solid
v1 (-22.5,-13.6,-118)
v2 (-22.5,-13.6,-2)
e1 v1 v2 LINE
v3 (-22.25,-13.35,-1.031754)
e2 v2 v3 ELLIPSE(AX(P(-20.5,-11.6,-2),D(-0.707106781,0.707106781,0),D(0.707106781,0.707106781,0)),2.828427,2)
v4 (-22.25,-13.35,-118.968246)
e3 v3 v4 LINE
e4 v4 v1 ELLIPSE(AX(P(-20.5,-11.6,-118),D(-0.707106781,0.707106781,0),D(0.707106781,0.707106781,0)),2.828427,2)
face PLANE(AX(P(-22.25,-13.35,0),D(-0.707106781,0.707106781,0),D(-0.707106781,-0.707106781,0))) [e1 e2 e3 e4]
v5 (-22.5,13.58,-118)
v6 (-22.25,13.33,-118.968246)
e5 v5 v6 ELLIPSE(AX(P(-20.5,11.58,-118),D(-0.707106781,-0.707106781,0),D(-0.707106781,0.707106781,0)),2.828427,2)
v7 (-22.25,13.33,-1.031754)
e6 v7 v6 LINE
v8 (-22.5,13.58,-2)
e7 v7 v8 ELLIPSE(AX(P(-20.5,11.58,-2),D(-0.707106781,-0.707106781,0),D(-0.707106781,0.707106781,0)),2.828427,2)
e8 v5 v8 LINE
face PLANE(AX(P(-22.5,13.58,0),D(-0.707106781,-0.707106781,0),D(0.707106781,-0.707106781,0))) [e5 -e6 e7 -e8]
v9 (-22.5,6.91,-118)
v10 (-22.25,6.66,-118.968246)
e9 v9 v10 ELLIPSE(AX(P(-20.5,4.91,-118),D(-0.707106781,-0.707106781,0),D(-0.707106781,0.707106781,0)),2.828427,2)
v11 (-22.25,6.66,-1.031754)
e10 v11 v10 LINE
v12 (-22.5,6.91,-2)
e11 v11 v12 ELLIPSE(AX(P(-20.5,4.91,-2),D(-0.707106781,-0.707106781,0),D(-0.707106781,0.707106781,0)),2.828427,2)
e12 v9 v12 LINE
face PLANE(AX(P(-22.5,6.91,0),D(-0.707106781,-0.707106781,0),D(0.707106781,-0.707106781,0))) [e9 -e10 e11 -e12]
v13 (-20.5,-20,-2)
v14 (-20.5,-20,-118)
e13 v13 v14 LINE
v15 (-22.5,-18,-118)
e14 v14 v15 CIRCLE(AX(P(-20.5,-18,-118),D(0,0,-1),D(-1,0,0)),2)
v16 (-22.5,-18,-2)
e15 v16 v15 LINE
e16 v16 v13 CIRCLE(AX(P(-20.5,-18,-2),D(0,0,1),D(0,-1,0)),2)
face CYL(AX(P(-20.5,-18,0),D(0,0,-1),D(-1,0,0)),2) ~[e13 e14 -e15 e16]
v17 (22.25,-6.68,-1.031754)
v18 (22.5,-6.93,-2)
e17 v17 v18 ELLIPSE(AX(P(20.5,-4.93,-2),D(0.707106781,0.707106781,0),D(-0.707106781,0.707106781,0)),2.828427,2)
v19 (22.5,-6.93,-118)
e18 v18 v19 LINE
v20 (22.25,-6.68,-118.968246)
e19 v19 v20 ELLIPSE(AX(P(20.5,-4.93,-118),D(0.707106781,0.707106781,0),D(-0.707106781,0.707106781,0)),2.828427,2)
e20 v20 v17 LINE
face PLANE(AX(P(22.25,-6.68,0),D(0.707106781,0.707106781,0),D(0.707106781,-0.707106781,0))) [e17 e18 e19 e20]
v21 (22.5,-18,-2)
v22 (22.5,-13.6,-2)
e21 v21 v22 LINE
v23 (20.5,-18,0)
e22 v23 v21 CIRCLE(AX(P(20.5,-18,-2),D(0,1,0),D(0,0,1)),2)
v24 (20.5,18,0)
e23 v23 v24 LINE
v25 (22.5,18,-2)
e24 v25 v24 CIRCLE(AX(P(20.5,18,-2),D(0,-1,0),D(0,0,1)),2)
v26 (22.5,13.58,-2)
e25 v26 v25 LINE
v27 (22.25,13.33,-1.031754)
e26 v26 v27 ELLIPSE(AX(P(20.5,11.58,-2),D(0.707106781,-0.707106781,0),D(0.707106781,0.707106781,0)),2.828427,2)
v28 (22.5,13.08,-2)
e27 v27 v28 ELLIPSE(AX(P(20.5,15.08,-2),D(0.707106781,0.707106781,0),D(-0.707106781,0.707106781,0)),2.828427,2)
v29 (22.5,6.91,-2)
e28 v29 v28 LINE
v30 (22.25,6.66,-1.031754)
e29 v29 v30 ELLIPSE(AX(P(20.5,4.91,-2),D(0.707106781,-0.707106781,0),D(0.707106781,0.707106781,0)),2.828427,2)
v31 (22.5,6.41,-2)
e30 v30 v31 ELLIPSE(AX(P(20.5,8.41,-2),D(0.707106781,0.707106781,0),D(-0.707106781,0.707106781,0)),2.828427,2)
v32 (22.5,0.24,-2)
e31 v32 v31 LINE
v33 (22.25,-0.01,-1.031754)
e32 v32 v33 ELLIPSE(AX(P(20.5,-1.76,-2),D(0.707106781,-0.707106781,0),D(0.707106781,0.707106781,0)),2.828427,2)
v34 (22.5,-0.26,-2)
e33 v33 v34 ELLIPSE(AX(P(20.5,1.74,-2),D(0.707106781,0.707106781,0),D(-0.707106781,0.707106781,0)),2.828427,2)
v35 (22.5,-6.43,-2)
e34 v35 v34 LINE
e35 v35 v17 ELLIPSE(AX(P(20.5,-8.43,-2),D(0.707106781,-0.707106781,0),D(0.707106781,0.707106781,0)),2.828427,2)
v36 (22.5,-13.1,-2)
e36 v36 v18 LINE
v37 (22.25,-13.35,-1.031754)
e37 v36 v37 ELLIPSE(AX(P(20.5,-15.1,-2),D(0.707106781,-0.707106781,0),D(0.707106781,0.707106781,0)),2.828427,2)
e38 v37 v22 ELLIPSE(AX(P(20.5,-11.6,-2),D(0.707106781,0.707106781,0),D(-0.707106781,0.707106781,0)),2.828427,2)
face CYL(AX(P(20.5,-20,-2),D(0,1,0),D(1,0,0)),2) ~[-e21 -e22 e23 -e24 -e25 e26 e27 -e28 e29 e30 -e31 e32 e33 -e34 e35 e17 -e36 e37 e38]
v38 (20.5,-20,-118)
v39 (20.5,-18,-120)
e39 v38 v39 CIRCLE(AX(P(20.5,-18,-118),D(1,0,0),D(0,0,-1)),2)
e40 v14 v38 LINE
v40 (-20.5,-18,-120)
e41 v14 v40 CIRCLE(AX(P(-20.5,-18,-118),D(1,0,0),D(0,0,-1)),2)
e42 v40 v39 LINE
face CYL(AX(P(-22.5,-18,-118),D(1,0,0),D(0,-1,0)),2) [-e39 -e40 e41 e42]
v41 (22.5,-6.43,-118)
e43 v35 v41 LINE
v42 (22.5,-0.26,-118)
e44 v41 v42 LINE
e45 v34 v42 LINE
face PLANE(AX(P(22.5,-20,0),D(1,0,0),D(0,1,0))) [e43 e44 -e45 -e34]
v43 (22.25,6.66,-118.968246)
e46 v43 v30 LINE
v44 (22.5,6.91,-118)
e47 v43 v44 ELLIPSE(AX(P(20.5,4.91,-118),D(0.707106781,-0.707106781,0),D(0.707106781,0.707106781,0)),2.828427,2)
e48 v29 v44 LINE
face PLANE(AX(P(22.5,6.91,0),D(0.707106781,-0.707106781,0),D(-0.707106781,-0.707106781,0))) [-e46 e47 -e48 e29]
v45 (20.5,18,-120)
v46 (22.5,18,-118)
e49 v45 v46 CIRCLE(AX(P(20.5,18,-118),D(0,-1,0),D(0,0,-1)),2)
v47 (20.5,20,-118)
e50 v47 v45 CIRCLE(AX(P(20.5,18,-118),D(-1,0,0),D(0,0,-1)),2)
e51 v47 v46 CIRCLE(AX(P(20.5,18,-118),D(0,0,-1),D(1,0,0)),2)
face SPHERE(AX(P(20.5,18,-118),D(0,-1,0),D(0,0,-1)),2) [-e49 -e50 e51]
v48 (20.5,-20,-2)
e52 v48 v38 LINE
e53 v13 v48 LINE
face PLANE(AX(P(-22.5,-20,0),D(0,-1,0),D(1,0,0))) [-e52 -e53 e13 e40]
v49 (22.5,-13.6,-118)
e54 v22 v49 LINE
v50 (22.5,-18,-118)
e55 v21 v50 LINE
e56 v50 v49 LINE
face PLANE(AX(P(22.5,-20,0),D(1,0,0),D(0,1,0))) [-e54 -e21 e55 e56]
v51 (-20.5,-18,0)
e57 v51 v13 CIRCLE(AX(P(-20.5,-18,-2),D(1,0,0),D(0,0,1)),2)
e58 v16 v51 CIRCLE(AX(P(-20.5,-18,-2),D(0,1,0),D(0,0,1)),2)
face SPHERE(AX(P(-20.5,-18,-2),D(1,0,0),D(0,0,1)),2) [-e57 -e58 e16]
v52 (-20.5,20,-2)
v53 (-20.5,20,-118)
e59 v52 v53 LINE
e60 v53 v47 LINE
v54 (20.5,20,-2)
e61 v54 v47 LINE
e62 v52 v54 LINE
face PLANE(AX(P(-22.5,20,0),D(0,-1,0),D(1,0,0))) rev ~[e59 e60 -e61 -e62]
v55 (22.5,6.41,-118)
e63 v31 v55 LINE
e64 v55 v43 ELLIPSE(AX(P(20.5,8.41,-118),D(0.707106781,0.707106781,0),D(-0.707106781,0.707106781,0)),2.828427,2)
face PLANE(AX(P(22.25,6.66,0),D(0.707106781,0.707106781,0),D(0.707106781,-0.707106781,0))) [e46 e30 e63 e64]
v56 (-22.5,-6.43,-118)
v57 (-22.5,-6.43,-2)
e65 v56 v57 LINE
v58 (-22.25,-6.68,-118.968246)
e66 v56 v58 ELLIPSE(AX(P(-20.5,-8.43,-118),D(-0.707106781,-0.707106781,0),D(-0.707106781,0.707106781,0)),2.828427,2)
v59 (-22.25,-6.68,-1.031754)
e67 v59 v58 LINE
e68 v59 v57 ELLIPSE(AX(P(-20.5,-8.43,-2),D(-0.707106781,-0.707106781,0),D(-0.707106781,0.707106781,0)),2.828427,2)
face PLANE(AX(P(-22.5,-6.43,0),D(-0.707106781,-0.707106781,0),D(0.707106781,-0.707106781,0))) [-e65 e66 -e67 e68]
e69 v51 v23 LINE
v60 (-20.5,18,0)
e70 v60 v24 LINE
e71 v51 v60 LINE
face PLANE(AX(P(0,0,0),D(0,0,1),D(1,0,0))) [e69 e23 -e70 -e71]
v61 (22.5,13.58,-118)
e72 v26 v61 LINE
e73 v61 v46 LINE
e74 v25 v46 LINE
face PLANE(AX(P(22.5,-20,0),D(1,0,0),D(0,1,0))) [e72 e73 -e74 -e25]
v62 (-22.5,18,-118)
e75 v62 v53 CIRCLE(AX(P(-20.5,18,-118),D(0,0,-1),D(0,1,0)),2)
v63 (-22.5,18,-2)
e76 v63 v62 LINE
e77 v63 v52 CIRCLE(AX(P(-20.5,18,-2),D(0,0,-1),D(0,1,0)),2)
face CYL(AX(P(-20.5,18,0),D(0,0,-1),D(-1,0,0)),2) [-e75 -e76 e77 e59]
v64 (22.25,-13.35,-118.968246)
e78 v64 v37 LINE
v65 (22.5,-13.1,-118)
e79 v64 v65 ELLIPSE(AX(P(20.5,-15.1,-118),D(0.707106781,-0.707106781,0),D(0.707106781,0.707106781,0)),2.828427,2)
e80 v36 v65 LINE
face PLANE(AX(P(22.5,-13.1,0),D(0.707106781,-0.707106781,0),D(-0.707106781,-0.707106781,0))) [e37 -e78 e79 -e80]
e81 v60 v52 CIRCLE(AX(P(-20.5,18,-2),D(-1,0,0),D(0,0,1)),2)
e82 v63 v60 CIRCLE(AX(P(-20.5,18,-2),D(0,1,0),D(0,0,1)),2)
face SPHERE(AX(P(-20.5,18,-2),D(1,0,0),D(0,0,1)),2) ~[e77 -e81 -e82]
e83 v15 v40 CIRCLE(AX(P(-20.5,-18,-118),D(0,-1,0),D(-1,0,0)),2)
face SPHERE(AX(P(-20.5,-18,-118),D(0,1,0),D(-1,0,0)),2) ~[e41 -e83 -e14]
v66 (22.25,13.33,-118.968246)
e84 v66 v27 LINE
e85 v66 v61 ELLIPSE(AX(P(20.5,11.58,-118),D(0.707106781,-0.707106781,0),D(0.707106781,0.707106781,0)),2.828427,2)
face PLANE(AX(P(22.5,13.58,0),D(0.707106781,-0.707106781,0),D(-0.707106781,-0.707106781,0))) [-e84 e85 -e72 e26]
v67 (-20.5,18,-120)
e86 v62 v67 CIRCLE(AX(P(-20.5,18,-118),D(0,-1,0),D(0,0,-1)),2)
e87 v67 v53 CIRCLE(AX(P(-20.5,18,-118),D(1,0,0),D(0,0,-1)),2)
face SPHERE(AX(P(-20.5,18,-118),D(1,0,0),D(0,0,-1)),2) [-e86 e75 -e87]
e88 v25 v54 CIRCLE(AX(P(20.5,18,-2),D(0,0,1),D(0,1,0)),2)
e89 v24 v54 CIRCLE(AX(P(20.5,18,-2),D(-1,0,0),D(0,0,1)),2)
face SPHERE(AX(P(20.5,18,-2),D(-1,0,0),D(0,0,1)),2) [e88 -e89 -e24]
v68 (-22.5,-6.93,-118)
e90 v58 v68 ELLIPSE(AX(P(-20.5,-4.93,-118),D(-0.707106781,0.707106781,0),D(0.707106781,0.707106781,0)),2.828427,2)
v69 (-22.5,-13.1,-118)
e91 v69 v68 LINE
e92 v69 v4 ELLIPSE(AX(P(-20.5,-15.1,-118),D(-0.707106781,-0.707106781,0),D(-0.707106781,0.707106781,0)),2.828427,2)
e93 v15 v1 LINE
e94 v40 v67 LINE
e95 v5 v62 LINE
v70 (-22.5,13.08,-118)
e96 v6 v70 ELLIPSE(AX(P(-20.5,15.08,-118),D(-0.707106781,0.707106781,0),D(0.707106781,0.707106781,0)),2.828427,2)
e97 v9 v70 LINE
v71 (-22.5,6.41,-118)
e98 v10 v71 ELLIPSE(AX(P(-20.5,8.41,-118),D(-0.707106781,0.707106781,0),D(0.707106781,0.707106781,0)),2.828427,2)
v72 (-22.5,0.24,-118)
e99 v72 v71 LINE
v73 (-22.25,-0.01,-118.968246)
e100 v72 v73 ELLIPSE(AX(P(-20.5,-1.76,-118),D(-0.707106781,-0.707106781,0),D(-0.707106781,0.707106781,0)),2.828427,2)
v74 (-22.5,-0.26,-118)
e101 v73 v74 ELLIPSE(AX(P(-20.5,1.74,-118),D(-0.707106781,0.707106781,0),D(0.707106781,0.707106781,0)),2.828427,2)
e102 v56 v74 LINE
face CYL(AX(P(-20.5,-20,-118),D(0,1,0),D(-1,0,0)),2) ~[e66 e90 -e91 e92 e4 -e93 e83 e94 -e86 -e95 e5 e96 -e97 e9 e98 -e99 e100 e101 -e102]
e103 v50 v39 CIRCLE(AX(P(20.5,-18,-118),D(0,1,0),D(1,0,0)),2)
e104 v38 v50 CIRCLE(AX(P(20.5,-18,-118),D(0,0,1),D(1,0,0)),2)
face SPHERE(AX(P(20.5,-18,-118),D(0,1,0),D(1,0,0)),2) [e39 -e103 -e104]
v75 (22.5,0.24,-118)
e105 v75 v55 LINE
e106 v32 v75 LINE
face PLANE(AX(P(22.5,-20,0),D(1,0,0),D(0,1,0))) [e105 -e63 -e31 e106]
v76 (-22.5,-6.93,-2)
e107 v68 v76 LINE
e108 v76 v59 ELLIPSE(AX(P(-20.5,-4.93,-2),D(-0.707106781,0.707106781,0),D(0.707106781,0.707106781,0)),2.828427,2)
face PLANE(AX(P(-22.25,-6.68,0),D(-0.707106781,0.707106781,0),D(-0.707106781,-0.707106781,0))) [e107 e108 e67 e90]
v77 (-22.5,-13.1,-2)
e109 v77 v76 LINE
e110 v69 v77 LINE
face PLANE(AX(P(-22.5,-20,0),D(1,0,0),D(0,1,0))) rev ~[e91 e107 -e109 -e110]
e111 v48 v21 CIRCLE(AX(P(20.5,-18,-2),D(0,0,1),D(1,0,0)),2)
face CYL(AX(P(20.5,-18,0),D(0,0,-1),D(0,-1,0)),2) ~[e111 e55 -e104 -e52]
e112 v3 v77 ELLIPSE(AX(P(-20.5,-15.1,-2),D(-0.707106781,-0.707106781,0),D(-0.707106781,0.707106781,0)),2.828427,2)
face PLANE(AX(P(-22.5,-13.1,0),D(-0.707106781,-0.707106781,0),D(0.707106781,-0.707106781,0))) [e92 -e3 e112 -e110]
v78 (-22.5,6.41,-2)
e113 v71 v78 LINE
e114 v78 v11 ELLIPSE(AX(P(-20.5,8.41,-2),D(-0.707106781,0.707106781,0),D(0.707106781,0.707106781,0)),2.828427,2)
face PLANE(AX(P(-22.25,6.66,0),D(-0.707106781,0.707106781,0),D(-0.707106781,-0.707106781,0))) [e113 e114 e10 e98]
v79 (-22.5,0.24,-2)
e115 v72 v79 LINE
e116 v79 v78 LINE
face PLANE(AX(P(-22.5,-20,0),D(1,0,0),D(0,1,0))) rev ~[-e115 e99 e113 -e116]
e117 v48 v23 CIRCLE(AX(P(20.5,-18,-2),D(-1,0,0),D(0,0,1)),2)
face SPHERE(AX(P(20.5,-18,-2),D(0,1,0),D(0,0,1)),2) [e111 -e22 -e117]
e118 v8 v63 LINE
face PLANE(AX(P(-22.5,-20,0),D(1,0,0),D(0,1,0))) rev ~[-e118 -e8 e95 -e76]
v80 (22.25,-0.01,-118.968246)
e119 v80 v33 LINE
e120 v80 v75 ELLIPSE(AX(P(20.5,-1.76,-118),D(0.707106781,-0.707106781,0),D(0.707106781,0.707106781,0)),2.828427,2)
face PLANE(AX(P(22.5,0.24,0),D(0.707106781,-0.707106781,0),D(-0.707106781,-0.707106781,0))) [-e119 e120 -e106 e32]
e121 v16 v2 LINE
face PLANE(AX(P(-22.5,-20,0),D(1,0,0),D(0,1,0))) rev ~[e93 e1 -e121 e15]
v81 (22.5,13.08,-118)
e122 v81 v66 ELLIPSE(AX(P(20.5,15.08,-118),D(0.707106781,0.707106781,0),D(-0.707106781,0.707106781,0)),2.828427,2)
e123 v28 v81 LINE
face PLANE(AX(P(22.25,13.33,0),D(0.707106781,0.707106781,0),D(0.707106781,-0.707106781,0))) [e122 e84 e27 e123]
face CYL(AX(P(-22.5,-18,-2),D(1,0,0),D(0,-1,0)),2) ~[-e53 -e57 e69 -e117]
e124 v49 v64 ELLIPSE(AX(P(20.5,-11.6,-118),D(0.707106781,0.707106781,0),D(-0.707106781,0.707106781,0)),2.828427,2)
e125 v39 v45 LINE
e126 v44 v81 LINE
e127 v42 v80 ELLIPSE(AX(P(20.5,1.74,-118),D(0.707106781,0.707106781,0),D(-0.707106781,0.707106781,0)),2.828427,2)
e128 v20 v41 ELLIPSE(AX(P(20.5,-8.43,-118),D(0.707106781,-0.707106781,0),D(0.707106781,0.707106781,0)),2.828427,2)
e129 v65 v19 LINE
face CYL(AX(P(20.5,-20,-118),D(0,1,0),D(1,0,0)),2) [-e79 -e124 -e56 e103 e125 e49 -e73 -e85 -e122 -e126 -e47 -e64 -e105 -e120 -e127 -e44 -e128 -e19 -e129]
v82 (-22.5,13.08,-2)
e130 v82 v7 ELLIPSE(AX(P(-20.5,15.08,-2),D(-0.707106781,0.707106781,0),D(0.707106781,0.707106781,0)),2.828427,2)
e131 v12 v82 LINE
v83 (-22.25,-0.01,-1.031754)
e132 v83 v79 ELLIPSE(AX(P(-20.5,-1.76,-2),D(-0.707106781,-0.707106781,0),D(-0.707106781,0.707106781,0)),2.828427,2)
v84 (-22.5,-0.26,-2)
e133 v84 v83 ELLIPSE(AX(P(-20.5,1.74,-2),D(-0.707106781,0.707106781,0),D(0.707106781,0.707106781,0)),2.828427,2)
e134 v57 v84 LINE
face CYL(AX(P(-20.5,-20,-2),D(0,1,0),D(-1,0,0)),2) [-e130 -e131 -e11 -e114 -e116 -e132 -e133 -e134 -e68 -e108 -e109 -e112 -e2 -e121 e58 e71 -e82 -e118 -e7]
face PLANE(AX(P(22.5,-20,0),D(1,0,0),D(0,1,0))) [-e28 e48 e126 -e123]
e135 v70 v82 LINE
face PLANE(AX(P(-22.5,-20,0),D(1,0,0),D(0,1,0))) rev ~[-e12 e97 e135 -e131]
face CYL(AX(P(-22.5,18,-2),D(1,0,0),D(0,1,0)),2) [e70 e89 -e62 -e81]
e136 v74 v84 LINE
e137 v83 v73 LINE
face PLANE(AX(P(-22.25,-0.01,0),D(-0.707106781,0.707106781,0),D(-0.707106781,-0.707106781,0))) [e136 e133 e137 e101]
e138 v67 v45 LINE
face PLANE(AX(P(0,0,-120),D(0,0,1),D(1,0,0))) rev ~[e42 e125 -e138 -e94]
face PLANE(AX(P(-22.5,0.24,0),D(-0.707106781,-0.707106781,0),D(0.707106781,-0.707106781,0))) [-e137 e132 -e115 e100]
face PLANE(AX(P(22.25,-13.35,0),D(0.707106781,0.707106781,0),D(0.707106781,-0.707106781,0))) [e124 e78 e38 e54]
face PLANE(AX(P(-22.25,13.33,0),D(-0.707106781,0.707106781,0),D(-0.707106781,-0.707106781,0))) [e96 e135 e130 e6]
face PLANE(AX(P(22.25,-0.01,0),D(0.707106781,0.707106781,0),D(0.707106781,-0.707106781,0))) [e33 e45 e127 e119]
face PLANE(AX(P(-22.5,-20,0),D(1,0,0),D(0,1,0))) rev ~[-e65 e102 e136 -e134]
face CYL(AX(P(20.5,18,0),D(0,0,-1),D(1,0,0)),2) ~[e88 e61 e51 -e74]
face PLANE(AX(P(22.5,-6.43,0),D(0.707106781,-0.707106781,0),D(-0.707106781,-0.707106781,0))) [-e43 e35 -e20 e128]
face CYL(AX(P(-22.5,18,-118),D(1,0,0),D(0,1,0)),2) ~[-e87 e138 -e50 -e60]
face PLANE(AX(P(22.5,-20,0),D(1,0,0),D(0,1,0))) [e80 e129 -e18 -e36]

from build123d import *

# Parameters (mm, degrees)
SKETCH1_W           = 45
SKETCH1_H           = 40
BOSS_EXTRUDE1_DEPTH = 120
FILLET1_R           = 2
CUT_EXTRUDE1_DEPTH  = 124.718430317
LPATTERN1_COUNT     = 5
LPATTERN1_PITCH     = 6.67


with BuildPart() as part:
    # Sketch1 → Boss-Extrude1 (new body)
    with BuildSketch(Plane.XY):
        Rectangle(SKETCH1_W, SKETCH1_H)
    extrude(amount=-BOSS_EXTRUDE1_DEPTH)

    # Fillet1
    fillet1_edges = [part.edges().sort_by_distance(p)[0] for p in [
        (22.5, 0, -120),
        (0, 20, -120),
        (-22.5, 0, -120),
        (0, 20, 0),
        (22.5, 0, 0),
        (0, -20, 0),
        (-22.5, 0, 0),
        (-22.5, 20, -60),
        (22.5, 20, -60),
        (22.5, -20, -60),
        (-22.5, -20, -60),
        (0, -20, -120),
    ]]
    fillet(fillet1_edges, radius=FILLET1_R)

    # Sketch2 → Cut-Extrude1 (cut, symmetric)
    with BuildSketch(Plane.XY):
        Polygon((22.5, 13.58), (22.25, 13.33), (22.5, 13.08), align=None)
        Polygon((-22.5, 13.58), (-22.25, 13.33), (-22.5, 13.08), align=None)
    cut_extrude1 = extrude(amount=CUT_EXTRUDE1_DEPTH, both=True, mode=Mode.SUBTRACT)

    # LPattern1: Cut-Extrude1 ×5
    with Locations(*[(0, -i * LPATTERN1_PITCH, 0) for i in range(1, LPATTERN1_COUNT)]):
        add(cut_extrude1, mode=Mode.SUBTRACT)


solid = part.part
